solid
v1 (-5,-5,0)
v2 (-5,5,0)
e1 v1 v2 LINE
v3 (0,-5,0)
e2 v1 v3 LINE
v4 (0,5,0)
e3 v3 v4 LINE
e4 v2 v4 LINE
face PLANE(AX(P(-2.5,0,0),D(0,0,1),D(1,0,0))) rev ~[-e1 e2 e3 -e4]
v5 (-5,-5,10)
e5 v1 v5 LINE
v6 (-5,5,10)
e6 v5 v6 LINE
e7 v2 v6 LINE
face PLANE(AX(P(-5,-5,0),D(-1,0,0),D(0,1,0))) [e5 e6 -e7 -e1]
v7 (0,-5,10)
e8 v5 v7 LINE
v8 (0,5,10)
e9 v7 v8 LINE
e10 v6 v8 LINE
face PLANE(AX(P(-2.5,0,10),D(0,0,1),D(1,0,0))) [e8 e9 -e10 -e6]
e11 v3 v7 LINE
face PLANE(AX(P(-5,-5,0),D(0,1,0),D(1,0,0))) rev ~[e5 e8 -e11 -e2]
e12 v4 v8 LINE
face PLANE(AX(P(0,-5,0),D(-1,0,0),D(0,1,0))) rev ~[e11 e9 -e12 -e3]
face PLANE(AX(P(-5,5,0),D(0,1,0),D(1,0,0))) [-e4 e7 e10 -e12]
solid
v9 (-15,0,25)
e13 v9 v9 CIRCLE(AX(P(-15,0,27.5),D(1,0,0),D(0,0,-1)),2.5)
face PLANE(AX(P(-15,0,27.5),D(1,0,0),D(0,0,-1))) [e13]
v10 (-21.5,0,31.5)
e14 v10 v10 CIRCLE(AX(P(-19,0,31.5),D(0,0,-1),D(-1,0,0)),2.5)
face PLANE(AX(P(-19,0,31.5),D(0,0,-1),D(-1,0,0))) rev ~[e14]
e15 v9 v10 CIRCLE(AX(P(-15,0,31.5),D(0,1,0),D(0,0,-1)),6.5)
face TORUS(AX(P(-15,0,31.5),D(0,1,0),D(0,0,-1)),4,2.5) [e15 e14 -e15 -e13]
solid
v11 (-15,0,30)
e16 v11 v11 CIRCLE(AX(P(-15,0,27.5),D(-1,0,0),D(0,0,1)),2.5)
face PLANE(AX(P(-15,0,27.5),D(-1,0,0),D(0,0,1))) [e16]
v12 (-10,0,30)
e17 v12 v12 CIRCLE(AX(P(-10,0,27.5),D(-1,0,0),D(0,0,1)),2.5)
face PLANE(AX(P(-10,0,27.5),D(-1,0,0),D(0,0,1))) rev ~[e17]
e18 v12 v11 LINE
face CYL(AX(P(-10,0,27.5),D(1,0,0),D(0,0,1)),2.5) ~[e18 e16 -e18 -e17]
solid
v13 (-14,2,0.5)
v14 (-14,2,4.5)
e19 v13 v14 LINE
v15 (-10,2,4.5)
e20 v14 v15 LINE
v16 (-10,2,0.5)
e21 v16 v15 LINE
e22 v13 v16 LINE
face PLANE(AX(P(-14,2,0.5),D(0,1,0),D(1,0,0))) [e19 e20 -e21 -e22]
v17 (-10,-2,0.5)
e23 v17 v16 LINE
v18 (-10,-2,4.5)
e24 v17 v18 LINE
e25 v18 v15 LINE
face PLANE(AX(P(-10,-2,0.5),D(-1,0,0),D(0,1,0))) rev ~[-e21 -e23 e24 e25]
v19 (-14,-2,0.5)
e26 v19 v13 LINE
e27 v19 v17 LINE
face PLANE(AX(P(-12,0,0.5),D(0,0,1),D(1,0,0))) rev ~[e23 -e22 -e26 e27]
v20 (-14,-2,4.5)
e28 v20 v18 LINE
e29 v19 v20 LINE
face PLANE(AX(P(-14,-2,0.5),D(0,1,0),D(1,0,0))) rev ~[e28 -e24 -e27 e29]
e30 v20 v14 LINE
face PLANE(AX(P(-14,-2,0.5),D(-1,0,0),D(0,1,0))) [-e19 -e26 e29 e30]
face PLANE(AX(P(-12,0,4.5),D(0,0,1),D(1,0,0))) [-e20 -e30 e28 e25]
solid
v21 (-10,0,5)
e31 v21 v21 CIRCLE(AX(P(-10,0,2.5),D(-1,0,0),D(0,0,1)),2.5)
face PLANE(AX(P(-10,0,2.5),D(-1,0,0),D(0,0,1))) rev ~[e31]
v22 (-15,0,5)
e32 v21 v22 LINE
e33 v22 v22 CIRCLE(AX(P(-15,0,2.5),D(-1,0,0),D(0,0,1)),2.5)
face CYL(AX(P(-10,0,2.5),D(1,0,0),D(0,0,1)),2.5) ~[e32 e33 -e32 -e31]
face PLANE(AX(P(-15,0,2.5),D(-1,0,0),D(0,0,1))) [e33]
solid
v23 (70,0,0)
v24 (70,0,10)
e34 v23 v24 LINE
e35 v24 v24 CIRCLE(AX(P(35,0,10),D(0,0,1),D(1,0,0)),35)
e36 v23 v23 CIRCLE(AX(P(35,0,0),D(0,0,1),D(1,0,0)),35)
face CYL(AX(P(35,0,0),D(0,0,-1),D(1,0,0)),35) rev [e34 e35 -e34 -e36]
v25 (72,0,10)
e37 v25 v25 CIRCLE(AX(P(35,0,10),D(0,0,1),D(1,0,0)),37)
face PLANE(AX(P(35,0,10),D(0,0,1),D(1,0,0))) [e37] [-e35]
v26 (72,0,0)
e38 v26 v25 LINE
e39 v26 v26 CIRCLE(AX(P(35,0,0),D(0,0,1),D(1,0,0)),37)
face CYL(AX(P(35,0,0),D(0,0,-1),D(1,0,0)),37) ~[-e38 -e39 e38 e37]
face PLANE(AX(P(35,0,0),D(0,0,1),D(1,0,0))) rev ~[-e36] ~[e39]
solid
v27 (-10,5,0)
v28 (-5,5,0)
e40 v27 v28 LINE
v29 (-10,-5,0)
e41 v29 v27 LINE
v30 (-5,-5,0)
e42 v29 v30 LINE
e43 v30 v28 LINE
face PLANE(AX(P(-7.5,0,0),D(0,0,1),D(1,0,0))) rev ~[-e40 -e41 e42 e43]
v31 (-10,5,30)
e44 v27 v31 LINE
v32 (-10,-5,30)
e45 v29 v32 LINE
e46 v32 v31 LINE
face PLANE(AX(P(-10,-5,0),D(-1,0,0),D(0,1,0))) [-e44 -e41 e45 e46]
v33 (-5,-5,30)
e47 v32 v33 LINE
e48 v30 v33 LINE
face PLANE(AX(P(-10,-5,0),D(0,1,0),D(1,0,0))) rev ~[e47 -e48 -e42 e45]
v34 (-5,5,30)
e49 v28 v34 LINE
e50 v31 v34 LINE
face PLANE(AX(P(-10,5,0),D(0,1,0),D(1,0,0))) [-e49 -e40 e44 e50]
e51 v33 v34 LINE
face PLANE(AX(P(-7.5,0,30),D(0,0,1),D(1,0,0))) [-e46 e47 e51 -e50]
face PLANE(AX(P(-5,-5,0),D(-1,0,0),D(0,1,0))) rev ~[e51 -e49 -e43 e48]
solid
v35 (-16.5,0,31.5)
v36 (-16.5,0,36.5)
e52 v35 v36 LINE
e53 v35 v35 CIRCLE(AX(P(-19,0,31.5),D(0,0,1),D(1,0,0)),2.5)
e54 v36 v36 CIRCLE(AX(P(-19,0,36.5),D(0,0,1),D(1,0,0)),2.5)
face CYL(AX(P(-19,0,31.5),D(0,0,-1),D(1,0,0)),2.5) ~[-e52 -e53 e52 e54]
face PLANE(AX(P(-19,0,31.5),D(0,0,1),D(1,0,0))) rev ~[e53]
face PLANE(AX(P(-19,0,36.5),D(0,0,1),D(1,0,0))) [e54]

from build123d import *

# Parameters (mm, degrees)
BOX_W                   = 5
BOX_H                   = 10
BOX_DEPTH               = 10
BOX001_W                = 5
BOX001_H                = 10
BOX001_DEPTH            = 30
CYLINDER002_R           = 2.5
CYLINDER002_DEPTH       = 5
CYLINDER002_PITCH_ANGLE = -90
CYLINDER003_R           = 2.5
CYLINDER003_DEPTH       = 5
CYLINDER003_PITCH_ANGLE = -90
TORUS_R                 = 2.5
TORUS_ANGLE             = 90
CYLINDER004_R           = 2.5
CYLINDER004_DEPTH       = 5
BOX002_W                = 4
BOX002_H                = 4
BOX002_DEPTH            = 4
CYLINDER005_R           = 35
CYLINDER005_DEPTH       = 10
CYLINDER_R              = 37
CYLINDER_DEPTH          = 10


with BuildPart() as cube:
    # Box → Box (new body)
    with BuildSketch(Plane(origin=(-5, -5, 0), x_dir=(1, 0, 0), z_dir=(0, 0, 1))):
        with Locations((2.5, 5)):
            Rectangle(BOX_W, BOX_H)
    extrude(amount=BOX_DEPTH)


with BuildPart() as cube001:
    # Box001 → Box001 (new body)
    with BuildSketch(Plane(origin=(-10, -5, 0), x_dir=(1, 0, 0), z_dir=(0, 0, 1))):
        with Locations((2.5, 5)):
            Rectangle(BOX001_W, BOX001_H)
    extrude(amount=BOX001_DEPTH)


with BuildPart() as cylinder002:
    # Cylinder002 → Cylinder002 (new body)
    with BuildSketch(Plane.XY):
        Circle(CYLINDER002_R)
    extrude(amount=CYLINDER002_DEPTH)


with BuildPart() as cylinder002_1:
    # Cylinder002 pitch: moved
    add(cylinder002.part.rotate(Axis((0, 0, 0), (0, 1, 0)), CYLINDER002_PITCH_ANGLE))


with BuildPart() as cylinder002_2:
    # Cylinder002 placement: moved
    add(cylinder002_1.part.moved(Location((-10, 0, 2.5))))


with BuildPart() as cylinder003:
    # Cylinder003 → Cylinder003 (new body)
    with BuildSketch(Plane.XY):
        Circle(CYLINDER003_R)
    extrude(amount=CYLINDER003_DEPTH)


with BuildPart() as cylinder003_1:
    # Cylinder003 pitch: moved
    add(cylinder003.part.rotate(Axis((0, 0, 0), (0, 1, 0)), CYLINDER003_PITCH_ANGLE))


with BuildPart() as cylinder003_2:
    # Cylinder003 placement: moved
    add(cylinder003_1.part.moved(Location((-10, 0, 27.5))))


with BuildPart() as torus:
    # Torus → Torus (revolve)
    with BuildSketch(Plane(origin=(-15, 0, 31.5), x_dir=(0, 0, -1), z_dir=(1, 0, 0))):
        with Locations((4, 0)):
            Circle(TORUS_R)
    revolve(axis=Axis((-15, 0, 31.5), (0, 1, 0)), revolution_arc=TORUS_ANGLE)


with BuildPart() as cylinder004:
    # Cylinder004 → Cylinder004 (new body)
    with BuildSketch(Plane(origin=(-19, 0, 31.5), x_dir=(1, 0, 0), z_dir=(0, 0, 1))):
        Circle(CYLINDER004_R)
    extrude(amount=CYLINDER004_DEPTH)


with BuildPart() as cube002:
    # Box002 → Box002 (new body)
    with BuildSketch(Plane(origin=(-14, -2, 0.5), x_dir=(1, 0, 0), z_dir=(0, 0, 1))):
        with Locations((2, 2)):
            Rectangle(BOX002_W, BOX002_H)
    extrude(amount=BOX002_DEPTH)


with BuildPart() as cylinder005:
    # Cylinder005 → Cylinder005 (new body)
    with BuildSketch(Plane(origin=(35, 0, 0), x_dir=(1, 0, 0), z_dir=(0, 0, 1))):
        Circle(CYLINDER005_R)
    extrude(amount=CYLINDER005_DEPTH)


with BuildPart() as cut:
    # Cylinder → Cylinder (new body)
    with BuildSketch(Plane(origin=(35, 0, 0), x_dir=(1, 0, 0), z_dir=(0, 0, 1))):
        Circle(CYLINDER_R)
    extrude(amount=CYLINDER_DEPTH)

    # Cut: cut Cylinder005
    add(cylinder005.part, mode=Mode.SUBTRACT)


solid = Compound([cube.part, cube001.part, cylinder002_2.part, cylinder003_2.part, torus.part, cylinder004.part, cube002.part, cut.part])
